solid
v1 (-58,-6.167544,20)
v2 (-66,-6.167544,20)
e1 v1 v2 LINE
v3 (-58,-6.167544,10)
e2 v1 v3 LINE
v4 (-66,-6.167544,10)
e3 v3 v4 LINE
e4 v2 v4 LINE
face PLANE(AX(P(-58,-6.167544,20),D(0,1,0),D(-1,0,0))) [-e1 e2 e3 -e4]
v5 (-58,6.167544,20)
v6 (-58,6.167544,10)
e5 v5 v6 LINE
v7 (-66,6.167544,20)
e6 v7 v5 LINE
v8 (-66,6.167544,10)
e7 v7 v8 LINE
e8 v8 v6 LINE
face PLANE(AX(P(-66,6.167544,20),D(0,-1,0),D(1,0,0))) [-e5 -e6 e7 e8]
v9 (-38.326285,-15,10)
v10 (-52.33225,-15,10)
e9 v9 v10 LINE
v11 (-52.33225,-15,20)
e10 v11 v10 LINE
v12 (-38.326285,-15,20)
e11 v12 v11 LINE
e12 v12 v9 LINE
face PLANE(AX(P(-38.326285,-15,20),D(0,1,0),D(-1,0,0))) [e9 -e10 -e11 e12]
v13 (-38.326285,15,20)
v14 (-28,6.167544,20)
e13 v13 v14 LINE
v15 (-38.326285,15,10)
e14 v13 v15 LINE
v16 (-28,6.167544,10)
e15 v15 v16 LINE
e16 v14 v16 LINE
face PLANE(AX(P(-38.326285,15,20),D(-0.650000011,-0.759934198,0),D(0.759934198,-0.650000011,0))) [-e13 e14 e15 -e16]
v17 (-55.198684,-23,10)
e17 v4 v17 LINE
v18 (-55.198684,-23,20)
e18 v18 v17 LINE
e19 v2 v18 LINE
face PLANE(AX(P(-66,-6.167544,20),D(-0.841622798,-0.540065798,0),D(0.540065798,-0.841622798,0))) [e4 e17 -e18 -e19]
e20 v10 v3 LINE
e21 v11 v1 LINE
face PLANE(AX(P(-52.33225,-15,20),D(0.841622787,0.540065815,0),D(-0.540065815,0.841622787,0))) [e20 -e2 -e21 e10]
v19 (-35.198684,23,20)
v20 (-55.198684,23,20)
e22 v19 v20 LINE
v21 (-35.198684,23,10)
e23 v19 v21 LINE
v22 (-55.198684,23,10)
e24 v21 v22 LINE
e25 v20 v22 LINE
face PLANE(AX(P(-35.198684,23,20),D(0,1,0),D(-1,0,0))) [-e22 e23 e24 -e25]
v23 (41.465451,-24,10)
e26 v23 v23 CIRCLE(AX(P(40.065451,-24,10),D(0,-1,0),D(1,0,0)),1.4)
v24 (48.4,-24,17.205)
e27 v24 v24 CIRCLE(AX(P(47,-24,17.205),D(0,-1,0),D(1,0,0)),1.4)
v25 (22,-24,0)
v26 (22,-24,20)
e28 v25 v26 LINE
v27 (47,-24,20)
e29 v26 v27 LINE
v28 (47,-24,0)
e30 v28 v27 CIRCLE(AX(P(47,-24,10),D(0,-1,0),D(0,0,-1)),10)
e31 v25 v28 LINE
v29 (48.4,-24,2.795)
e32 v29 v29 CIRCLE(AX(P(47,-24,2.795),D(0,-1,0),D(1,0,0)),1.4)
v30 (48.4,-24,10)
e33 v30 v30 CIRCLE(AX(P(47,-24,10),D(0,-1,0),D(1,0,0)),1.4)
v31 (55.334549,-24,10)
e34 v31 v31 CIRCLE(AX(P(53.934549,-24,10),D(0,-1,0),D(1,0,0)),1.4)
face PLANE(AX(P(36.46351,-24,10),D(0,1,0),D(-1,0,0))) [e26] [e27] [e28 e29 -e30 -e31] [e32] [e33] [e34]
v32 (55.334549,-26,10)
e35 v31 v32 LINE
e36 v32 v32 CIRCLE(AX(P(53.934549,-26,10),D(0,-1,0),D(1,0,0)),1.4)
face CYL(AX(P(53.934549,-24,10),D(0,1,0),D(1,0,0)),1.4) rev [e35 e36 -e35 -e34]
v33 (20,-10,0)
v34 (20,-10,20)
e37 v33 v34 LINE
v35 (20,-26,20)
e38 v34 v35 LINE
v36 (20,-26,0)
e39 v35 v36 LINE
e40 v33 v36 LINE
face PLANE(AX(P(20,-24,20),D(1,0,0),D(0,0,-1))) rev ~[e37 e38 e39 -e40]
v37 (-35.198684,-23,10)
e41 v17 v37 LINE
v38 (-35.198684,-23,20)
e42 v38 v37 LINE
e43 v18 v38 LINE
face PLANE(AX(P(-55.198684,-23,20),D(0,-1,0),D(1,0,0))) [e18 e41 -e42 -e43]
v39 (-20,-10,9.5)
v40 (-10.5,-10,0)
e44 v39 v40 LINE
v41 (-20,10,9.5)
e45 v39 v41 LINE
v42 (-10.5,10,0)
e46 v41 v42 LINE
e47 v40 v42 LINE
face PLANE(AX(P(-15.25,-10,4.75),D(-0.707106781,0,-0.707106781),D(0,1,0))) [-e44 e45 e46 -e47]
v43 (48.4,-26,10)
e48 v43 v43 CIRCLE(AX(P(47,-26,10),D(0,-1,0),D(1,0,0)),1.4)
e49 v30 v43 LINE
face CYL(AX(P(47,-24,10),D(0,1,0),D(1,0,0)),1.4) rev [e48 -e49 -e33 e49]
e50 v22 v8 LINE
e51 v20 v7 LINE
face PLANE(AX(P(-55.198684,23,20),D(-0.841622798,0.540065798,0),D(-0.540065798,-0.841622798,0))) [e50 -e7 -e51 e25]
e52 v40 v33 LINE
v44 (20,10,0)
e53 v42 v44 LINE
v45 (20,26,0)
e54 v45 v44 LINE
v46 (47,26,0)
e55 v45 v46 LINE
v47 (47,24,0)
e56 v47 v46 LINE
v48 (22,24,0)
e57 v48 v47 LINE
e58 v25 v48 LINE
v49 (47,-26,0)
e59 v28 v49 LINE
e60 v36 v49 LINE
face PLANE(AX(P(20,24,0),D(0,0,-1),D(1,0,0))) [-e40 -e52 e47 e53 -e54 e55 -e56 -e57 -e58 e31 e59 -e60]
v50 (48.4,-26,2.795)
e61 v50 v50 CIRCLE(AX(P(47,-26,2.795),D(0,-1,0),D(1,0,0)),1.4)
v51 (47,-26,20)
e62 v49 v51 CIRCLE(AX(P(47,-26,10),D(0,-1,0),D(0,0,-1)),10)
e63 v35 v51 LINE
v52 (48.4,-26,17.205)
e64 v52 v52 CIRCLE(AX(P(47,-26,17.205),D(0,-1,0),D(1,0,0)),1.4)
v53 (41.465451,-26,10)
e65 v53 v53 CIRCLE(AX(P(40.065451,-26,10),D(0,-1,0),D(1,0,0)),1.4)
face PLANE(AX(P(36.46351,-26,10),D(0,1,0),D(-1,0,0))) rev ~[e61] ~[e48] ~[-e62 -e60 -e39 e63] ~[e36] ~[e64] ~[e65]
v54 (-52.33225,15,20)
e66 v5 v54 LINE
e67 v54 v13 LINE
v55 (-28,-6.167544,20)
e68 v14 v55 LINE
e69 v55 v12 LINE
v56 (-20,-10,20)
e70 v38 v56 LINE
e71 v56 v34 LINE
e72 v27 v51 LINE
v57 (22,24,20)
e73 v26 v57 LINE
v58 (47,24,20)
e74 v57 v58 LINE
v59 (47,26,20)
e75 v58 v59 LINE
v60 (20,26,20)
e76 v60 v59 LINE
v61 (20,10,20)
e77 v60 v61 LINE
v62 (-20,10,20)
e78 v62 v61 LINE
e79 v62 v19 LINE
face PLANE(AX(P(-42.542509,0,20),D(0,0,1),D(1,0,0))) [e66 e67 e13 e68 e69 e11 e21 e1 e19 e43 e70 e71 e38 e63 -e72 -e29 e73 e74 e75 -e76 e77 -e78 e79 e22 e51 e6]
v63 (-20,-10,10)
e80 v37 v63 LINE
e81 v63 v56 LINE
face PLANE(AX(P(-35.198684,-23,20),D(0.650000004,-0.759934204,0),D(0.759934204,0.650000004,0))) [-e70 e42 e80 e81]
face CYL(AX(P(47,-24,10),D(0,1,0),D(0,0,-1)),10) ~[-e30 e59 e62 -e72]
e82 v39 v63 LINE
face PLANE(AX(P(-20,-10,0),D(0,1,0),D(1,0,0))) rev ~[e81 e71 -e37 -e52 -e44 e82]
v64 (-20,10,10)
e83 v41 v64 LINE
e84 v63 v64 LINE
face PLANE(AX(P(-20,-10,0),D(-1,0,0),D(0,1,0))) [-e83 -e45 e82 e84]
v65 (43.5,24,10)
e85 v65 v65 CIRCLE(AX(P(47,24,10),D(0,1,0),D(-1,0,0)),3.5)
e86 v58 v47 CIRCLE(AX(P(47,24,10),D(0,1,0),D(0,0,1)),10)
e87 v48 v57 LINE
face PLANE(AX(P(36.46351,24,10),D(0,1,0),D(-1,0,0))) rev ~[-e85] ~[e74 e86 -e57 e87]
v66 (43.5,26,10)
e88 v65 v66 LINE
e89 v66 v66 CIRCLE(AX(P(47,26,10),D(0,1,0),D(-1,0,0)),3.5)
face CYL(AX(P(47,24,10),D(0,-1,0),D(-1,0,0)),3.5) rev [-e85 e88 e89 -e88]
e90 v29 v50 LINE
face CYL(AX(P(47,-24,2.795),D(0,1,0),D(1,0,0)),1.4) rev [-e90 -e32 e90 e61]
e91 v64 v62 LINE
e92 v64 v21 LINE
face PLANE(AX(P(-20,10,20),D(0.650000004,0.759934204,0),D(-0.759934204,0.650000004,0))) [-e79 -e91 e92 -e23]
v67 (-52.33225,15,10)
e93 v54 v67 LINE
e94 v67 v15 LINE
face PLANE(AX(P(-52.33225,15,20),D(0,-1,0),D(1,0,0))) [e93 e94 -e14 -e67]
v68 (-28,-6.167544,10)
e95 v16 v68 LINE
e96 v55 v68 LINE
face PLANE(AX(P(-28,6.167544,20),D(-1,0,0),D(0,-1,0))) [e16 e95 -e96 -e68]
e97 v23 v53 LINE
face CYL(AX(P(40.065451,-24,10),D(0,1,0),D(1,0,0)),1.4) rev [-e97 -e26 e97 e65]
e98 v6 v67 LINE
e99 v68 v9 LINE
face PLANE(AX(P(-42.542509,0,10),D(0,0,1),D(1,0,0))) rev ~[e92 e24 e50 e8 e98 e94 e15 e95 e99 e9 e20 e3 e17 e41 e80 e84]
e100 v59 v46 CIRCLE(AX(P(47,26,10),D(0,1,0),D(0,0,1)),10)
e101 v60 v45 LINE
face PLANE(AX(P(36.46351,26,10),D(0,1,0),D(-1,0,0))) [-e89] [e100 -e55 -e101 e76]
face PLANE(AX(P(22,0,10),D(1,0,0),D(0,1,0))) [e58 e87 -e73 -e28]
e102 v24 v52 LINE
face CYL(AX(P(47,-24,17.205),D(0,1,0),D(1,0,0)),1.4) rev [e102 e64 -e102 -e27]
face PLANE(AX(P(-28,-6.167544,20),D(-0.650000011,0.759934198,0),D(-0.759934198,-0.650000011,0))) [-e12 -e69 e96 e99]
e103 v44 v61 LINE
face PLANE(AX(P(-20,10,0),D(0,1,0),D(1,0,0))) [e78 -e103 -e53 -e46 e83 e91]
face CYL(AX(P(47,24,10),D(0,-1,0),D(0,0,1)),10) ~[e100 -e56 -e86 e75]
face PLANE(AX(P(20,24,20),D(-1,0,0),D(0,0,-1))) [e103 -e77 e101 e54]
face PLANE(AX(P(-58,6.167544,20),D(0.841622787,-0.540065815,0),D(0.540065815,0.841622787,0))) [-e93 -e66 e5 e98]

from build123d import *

# Parameters (mm, degrees)
SKETCH_W     = 40
SKETCH_H     = 20
PAD_DEPTH    = 20
SKETCH001_W  = 48
SKETCH001_H  = 20
PAD001_DEPTH = 2
SKETCH002_R  = 1.4
PAD002_DEPTH = 2
SKETCH003_R  = 3.5
PAD003_DEPTH = 2
PAD004_DEPTH = 10
CHAMFER_SIZE = 9.5


with BuildPart() as part:
    # Sketch → Pad (new body)
    with BuildSketch(Plane.XY):
        Rectangle(SKETCH_W, SKETCH_H)
    extrude(amount=PAD_DEPTH)

    # Sketch001 (on Face2 of Pad) → Pad001 (join)
    with BuildSketch(Plane.YZ.offset(20)):
        with Locations((0, 10)):
            Rectangle(SKETCH001_W, SKETCH001_H)
    extrude(amount=PAD001_DEPTH)

    # Sketch002 (on Face2 of Pad001) → Pad002 (join)
    with BuildSketch(Plane.XZ.offset(24)):
        with BuildLine():
            Line((20, 20), (47, 20))
            ThreePointArc((47, 0), (57, 10), (47, 20))
            Line((20, 0), (47, 0))
            Line((20, 20), (20, 0))
        make_face()
        with Locations((47, 10)):
            Circle(SKETCH002_R, mode=Mode.SUBTRACT)
        with Locations((47, 17.205)):
            Circle(SKETCH002_R, mode=Mode.SUBTRACT)
        with Locations((53.934549, 10)):
            Circle(SKETCH002_R, mode=Mode.SUBTRACT)
        with Locations((47, 2.795)):
            Circle(SKETCH002_R, mode=Mode.SUBTRACT)
        with Locations((40.065451, 10)):
            Circle(SKETCH002_R, mode=Mode.SUBTRACT)
    extrude(amount=PAD002_DEPTH)

    # Sketch003 (on Face3 of Pad002) → Pad003 (join)
    with BuildSketch(Plane(origin=(0, 24, 0), x_dir=(-1, 0, 0), z_dir=(0, 1, 0))):
        with BuildLine():
            Line((-20, 20), (-47, 20))
            ThreePointArc((-47, 20), (-57, 10), (-47, 0))
            Line((-20, 0), (-47, 0))
            Line((-20, 20), (-20, 0))
        make_face()
        with Locations((-47, 10)):
            Circle(SKETCH003_R, mode=Mode.SUBTRACT)
    extrude(amount=PAD003_DEPTH)

    # Sketch004 (on Face5 of Pad003) → Pad004 (join)
    with BuildSketch(Plane.XY.offset(20)):
        Polygon((-20, 10), (-35.198684, 23), (-55.198684, 23), (-66, 6.167544), (-58, 6.167544), (-52.33225, 15), (-38.326285, 15), (-28, 6.167544), (-28, -6.167544), (-38.326285, -15), (-52.33225, -15), (-58, -6.167544), (-66, -6.167544), (-55.198684, -23), (-35.198684, -23), (-20, -10), align=None)
    extrude(amount=-PAD004_DEPTH)

    # Chamfer
    chamfer_edges = [part.edges().sort_by_distance(p)[0] for p in [
        (-20, 0, 0),
    ]]
    chamfer(chamfer_edges, length=CHAMFER_SIZE)


solid = part.part
